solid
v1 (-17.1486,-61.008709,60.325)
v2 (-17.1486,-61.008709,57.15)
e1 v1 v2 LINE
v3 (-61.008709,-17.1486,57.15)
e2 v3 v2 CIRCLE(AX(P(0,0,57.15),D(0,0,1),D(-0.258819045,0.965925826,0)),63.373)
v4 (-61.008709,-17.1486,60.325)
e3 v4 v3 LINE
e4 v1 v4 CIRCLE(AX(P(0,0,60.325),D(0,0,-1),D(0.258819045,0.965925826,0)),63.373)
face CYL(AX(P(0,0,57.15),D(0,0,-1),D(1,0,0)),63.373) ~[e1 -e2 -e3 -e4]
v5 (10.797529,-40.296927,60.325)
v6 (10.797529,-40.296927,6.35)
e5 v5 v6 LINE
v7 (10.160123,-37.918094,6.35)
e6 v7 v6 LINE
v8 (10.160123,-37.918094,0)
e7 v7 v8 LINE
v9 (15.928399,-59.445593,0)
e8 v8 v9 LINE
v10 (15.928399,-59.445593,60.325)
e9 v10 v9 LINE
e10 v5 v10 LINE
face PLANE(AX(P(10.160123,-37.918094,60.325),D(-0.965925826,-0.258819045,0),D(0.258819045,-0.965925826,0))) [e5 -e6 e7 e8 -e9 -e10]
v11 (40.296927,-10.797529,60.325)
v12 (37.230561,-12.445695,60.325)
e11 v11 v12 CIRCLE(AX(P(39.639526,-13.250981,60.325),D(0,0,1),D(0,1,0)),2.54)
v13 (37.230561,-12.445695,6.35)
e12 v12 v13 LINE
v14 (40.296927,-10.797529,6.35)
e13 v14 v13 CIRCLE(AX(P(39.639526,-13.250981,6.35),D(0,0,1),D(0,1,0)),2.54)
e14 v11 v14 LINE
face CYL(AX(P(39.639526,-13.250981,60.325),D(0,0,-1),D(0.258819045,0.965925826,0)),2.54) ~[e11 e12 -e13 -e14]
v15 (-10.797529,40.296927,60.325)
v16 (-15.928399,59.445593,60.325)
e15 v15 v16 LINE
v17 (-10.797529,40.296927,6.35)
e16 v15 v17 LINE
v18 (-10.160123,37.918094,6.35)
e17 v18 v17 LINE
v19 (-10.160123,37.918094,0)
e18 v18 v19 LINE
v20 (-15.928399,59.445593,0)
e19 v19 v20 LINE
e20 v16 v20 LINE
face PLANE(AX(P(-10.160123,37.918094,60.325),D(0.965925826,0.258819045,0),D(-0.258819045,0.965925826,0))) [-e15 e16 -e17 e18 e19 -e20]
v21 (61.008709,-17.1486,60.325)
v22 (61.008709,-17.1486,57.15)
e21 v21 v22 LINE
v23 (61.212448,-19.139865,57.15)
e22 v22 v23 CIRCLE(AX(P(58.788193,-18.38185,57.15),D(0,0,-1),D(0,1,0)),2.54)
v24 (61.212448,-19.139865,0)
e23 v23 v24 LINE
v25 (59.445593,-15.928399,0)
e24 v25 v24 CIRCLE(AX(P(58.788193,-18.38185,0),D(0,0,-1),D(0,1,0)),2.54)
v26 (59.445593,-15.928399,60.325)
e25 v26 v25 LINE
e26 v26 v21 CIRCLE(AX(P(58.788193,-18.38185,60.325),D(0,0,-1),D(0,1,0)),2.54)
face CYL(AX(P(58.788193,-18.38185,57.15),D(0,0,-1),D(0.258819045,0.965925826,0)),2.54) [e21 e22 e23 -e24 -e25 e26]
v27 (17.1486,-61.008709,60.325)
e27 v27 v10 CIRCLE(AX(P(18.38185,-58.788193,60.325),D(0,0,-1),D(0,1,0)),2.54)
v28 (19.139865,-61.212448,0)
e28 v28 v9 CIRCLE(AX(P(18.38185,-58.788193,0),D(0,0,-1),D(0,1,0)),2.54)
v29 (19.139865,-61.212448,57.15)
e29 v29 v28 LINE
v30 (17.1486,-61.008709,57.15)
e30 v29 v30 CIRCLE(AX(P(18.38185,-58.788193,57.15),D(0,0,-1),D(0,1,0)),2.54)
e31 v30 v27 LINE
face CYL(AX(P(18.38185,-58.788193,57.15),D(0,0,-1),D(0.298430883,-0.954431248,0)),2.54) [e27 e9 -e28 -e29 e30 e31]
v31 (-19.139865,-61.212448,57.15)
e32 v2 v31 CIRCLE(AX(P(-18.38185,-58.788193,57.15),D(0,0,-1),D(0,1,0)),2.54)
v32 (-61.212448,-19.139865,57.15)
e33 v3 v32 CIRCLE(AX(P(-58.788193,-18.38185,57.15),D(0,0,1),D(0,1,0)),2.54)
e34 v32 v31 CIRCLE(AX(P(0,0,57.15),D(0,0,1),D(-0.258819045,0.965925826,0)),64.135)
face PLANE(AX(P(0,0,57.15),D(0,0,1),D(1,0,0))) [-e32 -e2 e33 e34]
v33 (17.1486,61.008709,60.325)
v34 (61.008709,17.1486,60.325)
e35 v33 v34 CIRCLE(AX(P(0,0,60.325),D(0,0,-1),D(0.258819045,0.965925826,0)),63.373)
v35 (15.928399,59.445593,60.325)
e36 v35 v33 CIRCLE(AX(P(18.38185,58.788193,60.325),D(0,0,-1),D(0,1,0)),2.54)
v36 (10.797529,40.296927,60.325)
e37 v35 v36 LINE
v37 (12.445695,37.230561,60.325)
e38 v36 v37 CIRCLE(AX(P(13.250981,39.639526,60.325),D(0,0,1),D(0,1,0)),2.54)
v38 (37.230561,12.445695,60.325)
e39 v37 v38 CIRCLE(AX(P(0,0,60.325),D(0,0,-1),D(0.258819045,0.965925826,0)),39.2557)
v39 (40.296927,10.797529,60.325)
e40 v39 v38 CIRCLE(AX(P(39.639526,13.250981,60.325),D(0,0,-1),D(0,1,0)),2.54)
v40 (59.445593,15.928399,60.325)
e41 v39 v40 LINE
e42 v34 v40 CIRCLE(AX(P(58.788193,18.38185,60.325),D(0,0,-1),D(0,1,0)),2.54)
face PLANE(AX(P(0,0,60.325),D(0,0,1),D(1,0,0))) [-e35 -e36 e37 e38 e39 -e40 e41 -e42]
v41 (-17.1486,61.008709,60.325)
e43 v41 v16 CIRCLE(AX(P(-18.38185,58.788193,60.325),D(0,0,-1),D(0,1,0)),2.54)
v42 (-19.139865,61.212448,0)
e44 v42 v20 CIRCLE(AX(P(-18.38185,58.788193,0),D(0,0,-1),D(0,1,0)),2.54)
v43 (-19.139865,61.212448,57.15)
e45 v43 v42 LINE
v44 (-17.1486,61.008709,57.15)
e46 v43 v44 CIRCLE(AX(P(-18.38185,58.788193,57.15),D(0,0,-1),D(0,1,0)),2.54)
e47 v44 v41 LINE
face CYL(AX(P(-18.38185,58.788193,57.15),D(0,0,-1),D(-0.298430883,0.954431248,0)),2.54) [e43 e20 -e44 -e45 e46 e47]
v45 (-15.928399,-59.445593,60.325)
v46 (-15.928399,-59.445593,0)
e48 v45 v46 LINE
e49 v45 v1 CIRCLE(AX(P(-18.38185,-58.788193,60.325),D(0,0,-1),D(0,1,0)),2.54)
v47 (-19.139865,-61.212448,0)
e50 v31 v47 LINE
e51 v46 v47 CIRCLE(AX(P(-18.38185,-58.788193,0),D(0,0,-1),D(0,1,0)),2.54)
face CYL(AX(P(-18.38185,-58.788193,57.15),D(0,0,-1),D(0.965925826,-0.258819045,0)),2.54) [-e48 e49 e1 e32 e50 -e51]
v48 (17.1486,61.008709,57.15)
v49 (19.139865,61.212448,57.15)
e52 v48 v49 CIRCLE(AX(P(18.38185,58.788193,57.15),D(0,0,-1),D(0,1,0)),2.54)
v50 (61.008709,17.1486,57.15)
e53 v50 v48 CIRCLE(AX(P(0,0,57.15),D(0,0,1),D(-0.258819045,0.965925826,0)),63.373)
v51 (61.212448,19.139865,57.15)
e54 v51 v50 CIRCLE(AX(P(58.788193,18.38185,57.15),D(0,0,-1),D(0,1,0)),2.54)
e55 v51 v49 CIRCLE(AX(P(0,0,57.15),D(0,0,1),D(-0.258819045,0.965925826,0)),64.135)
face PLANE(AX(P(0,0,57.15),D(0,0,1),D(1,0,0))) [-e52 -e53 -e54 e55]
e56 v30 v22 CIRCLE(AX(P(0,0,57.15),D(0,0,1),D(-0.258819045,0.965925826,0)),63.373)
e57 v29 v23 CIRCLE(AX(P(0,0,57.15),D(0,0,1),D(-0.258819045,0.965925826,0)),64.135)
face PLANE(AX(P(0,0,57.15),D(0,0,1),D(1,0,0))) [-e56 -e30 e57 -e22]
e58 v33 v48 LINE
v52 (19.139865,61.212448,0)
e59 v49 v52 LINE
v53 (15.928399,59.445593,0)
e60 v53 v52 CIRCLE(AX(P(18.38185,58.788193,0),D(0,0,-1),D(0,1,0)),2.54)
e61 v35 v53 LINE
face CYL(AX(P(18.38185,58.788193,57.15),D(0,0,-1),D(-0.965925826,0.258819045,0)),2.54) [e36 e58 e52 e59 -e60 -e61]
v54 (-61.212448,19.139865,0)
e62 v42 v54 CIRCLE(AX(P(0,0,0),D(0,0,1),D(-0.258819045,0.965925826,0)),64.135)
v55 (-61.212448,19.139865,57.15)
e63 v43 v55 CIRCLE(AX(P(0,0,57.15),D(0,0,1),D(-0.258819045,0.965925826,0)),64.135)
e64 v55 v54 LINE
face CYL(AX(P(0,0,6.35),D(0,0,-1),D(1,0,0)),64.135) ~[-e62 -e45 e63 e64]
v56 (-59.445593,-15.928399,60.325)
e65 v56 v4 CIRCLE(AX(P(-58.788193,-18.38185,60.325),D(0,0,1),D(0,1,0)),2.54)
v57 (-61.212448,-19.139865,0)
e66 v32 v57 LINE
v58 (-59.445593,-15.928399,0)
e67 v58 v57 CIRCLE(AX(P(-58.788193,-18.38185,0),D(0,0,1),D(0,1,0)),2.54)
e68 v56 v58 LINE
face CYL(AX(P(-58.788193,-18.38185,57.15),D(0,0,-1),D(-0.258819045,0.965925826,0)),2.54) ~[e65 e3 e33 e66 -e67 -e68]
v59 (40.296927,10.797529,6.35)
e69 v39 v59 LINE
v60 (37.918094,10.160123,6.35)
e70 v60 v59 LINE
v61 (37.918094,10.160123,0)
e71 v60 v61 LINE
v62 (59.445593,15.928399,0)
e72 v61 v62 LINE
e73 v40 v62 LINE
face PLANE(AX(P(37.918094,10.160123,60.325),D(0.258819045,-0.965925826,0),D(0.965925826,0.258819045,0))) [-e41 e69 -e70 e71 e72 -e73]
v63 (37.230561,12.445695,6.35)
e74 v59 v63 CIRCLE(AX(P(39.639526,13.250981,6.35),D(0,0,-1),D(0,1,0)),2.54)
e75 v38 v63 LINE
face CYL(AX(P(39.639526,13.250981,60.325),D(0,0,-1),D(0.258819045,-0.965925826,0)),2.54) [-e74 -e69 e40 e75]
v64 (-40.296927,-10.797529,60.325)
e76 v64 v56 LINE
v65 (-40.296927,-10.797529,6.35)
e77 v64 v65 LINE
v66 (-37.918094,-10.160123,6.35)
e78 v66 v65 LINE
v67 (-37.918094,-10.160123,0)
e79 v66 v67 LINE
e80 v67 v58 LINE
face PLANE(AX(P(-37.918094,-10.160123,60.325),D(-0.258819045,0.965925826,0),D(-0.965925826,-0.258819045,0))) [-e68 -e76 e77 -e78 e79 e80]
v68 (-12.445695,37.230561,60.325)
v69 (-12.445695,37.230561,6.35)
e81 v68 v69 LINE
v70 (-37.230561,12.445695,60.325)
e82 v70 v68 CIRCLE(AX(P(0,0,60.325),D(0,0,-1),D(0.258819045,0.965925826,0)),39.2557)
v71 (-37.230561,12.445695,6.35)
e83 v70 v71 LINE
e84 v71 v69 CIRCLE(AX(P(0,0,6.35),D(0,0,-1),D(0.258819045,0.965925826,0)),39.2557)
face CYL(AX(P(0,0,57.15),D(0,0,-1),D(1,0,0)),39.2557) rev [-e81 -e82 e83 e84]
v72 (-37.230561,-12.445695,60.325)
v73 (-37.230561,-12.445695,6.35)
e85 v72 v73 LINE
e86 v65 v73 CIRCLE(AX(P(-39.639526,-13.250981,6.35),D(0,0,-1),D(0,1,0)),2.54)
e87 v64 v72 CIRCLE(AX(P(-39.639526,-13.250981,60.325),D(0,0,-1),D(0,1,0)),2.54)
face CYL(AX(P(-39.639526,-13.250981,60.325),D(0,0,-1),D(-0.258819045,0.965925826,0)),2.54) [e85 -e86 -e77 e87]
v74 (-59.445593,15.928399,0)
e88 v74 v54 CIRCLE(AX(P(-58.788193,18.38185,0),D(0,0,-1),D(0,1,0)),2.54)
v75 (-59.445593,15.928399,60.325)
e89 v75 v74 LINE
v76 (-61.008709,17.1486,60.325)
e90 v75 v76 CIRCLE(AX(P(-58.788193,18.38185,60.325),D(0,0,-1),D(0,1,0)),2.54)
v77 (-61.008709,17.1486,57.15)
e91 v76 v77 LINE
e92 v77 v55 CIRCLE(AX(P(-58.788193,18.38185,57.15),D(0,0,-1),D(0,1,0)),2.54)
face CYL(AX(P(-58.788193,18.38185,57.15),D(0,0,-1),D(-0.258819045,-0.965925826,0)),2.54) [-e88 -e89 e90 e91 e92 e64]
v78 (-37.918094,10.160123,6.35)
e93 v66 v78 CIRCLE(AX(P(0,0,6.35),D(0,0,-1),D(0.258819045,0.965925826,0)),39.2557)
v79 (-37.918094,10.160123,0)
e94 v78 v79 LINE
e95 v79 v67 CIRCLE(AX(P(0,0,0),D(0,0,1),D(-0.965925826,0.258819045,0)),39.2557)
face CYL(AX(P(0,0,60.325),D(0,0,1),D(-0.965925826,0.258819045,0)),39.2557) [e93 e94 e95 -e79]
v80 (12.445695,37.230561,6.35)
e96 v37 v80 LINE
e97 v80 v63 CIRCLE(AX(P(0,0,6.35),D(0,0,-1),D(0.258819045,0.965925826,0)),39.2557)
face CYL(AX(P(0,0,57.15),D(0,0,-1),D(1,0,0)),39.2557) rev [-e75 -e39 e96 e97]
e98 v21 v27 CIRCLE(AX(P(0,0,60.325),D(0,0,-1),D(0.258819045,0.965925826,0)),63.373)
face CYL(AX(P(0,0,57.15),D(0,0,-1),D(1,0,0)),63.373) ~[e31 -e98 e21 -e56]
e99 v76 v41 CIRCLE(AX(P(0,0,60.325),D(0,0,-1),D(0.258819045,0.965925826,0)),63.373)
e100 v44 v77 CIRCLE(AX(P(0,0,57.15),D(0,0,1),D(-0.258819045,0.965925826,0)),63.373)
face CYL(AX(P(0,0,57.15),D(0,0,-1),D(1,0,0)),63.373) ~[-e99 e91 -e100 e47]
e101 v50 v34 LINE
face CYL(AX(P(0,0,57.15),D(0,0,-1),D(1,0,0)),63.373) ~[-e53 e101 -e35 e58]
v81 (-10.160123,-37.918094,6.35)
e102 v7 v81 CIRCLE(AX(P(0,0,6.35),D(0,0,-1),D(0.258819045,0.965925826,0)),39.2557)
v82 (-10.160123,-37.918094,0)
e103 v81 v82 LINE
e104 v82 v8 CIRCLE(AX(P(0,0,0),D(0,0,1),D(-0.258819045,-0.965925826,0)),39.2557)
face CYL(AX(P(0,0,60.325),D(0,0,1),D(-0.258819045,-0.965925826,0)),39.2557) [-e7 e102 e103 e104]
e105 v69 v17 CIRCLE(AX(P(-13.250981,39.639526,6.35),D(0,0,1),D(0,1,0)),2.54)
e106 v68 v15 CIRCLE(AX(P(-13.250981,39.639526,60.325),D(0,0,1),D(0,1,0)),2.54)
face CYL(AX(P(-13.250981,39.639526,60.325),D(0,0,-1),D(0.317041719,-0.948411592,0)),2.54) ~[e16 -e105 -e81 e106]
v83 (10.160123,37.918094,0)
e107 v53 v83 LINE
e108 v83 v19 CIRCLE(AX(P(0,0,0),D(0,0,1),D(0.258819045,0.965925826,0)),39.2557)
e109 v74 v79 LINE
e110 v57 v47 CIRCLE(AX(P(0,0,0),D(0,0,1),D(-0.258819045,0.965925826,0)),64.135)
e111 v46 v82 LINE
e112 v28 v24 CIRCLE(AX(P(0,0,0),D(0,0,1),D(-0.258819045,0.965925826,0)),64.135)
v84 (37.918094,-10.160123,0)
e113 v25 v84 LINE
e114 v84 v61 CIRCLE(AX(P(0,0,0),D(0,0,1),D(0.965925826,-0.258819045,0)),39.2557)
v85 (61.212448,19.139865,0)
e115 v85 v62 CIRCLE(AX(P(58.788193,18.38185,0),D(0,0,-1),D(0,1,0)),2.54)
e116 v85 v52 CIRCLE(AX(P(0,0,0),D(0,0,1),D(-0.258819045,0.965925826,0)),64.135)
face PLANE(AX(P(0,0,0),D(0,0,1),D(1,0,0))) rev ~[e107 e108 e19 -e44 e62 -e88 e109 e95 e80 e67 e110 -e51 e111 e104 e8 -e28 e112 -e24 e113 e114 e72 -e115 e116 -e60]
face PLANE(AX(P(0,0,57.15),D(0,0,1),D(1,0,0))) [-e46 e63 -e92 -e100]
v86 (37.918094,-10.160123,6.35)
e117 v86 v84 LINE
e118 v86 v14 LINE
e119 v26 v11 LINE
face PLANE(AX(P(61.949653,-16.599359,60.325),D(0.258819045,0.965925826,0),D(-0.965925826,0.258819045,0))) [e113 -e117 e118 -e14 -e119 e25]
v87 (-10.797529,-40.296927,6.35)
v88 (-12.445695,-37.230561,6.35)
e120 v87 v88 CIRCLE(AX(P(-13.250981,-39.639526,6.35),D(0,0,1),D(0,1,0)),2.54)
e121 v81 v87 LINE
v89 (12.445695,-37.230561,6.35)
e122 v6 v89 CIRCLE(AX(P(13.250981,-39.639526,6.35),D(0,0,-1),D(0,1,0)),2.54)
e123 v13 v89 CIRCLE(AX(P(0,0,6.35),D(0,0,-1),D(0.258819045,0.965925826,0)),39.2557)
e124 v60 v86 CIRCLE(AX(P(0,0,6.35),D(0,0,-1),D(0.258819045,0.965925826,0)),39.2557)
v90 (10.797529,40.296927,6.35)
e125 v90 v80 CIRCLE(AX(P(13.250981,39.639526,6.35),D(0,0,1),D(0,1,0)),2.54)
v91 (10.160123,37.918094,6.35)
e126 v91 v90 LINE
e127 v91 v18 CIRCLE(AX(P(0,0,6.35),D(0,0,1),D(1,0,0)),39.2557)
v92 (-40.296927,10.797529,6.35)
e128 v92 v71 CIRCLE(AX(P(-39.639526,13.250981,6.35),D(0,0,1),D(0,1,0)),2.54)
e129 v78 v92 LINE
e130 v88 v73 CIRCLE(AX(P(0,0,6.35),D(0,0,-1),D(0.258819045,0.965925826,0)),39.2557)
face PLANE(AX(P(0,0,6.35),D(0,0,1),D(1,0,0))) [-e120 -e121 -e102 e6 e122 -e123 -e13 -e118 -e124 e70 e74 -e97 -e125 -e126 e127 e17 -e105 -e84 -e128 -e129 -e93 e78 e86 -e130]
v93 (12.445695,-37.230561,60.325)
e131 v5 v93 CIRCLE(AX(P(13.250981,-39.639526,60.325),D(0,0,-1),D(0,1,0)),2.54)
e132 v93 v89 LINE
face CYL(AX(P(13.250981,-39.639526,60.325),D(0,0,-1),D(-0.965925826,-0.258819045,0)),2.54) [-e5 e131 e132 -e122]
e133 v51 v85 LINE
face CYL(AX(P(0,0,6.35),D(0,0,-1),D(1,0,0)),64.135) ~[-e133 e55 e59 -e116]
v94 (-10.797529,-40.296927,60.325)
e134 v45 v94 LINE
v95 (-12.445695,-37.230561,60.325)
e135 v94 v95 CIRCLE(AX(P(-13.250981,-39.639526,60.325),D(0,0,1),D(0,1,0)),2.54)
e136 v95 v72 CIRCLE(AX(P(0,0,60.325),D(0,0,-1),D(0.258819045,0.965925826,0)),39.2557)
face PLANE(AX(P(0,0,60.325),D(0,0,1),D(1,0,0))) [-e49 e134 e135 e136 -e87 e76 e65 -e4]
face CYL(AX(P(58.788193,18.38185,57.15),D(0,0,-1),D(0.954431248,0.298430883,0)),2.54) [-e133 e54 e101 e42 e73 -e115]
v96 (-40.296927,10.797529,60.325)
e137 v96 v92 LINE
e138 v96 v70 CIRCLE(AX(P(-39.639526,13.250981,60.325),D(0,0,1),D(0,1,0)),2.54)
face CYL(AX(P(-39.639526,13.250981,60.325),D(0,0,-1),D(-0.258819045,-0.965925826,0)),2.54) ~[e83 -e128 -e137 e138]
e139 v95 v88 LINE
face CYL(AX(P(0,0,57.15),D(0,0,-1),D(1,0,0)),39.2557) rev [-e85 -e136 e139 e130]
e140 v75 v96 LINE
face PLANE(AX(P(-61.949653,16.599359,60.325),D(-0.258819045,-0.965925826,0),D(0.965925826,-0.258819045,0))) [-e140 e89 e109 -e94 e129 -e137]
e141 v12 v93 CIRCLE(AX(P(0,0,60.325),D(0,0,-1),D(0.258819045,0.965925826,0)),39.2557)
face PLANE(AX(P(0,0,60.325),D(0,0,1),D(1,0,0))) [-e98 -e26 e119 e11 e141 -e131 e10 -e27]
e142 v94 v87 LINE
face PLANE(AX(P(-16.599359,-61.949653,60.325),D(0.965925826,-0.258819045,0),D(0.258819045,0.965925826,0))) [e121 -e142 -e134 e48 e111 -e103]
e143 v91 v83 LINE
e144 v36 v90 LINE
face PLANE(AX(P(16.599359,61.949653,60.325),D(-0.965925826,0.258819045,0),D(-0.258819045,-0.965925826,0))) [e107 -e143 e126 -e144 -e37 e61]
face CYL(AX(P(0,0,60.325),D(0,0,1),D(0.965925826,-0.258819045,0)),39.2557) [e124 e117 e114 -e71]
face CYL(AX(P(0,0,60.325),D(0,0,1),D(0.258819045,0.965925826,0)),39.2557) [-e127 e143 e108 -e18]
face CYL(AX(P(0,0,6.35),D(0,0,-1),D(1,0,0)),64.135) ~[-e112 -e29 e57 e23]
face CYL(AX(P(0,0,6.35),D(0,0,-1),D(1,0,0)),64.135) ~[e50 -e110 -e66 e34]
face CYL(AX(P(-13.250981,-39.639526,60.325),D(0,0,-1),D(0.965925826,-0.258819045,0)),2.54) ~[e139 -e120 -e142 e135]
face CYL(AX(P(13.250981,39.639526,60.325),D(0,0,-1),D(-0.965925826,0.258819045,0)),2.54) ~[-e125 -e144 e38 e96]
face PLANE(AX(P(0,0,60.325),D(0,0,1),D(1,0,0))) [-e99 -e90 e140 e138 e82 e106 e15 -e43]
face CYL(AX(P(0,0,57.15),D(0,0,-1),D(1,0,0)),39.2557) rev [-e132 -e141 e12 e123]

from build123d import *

# Parameters (mm, degrees)
SKETCH2_R                = 64.135
BOSS_EXTRUDE1_DEPTH      = 6.35
SKETCH3_R                = 64.135
SKETCH3_R_2              = 39.2557
BOSS_EXTRUDE2_DEPTH      = 50.8
SKETCH4_R                = 63.373
SKETCH4_R_2              = 39.2557
BOSS_EXTRUDE3_DEPTH      = 3.175
CUT_EXTRUDE1_DEPTH       = 61.325
FILLET1_R                = 2.54
CIRPATTERN1_COUNT        = 4
FILLET1_OF_CIRPATTERN1_R = 2.54


with BuildPart() as part:
    # Sketch2 → Boss-Extrude1 (new body)
    with BuildSketch(Plane.XY):
        Circle(SKETCH2_R)
    extrude(amount=BOSS_EXTRUDE1_DEPTH)

    # Sketch3 → Boss-Extrude2 (add)
    with BuildSketch(Plane.XY.offset(6.35)):
        Circle(SKETCH3_R)
        Circle(SKETCH3_R_2, mode=Mode.SUBTRACT)
    extrude(amount=BOSS_EXTRUDE2_DEPTH)

    # Sketch4 → Boss-Extrude3 (add)
    with BuildSketch(Plane.XY.offset(57.15)):
        Circle(SKETCH4_R)
        Circle(SKETCH4_R_2, mode=Mode.SUBTRACT)
    extrude(amount=BOSS_EXTRUDE3_DEPTH)

    # Sketch5 → Cut-Extrude1 (cut, through all)
    with BuildSketch(Plane.XY.offset(60.325)):
        with BuildLine():
            Line((-10.160122789, 37.918094459), (-16.599359458, 61.949652869))
            ThreePointArc((-16.599359458, 61.949652869), (0, 64.135), (16.599359458, 61.949652869))
            Line((16.599359458, 61.949652869), (10.160122789, 37.918094459))
            ThreePointArc((10.160122789, 37.918094459), (0, 39.2557), (-10.160122789, 37.918094459))
        make_face()
    cut_extrude1 = extrude(amount=-CUT_EXTRUDE1_DEPTH, mode=Mode.SUBTRACT)

    # Fillet1
    fillet1_edges = [part.edges().sort_by_distance(p)[0] for p in [
        (16.599359458, 61.949652869, 28.575),
        (10.160122789, 37.918094459, 33.3375),
        (-10.160122789, 37.918094459, 33.3375),
        (-16.599359458, 61.949652869, 28.575),
    ]]
    fillet(fillet1_edges, radius=FILLET1_R)

    # CirPattern1: Cut-Extrude1 ×4 about axis
    cirpattern1_axis = Axis((0, 0, 0), (0, 0, 1))
    for i in range(1, CIRPATTERN1_COUNT):
        add(cut_extrude1.rotate(cirpattern1_axis, i * 360 / CIRPATTERN1_COUNT), mode=Mode.SUBTRACT)

    # Fillet1 of CirPattern1
    fillet1_of_cirpattern1_edges = [part.edges().sort_by_distance(p)[0] for p in [
        (-61.949652869, 16.599359458, 28.575),
        (-37.918094459, 10.160122789, 33.3375),
        (-37.918094459, -10.160122789, 33.3375),
        (-61.949652869, -16.599359458, 28.575),
        (-16.599359458, -61.949652869, 28.575),
        (-10.160122789, -37.918094459, 33.3375),
        (10.160122789, -37.918094459, 33.3375),
        (16.599359458, -61.949652869, 28.575),
        (61.949652869, -16.599359458, 28.575),
        (37.918094459, -10.160122789, 33.3375),
        (37.918094459, 10.160122789, 33.3375),
        (61.949652869, 16.599359458, 28.575),
    ]]
    fillet(fillet1_of_cirpattern1_edges, radius=FILLET1_OF_CIRPATTERN1_R)


solid = part.part
